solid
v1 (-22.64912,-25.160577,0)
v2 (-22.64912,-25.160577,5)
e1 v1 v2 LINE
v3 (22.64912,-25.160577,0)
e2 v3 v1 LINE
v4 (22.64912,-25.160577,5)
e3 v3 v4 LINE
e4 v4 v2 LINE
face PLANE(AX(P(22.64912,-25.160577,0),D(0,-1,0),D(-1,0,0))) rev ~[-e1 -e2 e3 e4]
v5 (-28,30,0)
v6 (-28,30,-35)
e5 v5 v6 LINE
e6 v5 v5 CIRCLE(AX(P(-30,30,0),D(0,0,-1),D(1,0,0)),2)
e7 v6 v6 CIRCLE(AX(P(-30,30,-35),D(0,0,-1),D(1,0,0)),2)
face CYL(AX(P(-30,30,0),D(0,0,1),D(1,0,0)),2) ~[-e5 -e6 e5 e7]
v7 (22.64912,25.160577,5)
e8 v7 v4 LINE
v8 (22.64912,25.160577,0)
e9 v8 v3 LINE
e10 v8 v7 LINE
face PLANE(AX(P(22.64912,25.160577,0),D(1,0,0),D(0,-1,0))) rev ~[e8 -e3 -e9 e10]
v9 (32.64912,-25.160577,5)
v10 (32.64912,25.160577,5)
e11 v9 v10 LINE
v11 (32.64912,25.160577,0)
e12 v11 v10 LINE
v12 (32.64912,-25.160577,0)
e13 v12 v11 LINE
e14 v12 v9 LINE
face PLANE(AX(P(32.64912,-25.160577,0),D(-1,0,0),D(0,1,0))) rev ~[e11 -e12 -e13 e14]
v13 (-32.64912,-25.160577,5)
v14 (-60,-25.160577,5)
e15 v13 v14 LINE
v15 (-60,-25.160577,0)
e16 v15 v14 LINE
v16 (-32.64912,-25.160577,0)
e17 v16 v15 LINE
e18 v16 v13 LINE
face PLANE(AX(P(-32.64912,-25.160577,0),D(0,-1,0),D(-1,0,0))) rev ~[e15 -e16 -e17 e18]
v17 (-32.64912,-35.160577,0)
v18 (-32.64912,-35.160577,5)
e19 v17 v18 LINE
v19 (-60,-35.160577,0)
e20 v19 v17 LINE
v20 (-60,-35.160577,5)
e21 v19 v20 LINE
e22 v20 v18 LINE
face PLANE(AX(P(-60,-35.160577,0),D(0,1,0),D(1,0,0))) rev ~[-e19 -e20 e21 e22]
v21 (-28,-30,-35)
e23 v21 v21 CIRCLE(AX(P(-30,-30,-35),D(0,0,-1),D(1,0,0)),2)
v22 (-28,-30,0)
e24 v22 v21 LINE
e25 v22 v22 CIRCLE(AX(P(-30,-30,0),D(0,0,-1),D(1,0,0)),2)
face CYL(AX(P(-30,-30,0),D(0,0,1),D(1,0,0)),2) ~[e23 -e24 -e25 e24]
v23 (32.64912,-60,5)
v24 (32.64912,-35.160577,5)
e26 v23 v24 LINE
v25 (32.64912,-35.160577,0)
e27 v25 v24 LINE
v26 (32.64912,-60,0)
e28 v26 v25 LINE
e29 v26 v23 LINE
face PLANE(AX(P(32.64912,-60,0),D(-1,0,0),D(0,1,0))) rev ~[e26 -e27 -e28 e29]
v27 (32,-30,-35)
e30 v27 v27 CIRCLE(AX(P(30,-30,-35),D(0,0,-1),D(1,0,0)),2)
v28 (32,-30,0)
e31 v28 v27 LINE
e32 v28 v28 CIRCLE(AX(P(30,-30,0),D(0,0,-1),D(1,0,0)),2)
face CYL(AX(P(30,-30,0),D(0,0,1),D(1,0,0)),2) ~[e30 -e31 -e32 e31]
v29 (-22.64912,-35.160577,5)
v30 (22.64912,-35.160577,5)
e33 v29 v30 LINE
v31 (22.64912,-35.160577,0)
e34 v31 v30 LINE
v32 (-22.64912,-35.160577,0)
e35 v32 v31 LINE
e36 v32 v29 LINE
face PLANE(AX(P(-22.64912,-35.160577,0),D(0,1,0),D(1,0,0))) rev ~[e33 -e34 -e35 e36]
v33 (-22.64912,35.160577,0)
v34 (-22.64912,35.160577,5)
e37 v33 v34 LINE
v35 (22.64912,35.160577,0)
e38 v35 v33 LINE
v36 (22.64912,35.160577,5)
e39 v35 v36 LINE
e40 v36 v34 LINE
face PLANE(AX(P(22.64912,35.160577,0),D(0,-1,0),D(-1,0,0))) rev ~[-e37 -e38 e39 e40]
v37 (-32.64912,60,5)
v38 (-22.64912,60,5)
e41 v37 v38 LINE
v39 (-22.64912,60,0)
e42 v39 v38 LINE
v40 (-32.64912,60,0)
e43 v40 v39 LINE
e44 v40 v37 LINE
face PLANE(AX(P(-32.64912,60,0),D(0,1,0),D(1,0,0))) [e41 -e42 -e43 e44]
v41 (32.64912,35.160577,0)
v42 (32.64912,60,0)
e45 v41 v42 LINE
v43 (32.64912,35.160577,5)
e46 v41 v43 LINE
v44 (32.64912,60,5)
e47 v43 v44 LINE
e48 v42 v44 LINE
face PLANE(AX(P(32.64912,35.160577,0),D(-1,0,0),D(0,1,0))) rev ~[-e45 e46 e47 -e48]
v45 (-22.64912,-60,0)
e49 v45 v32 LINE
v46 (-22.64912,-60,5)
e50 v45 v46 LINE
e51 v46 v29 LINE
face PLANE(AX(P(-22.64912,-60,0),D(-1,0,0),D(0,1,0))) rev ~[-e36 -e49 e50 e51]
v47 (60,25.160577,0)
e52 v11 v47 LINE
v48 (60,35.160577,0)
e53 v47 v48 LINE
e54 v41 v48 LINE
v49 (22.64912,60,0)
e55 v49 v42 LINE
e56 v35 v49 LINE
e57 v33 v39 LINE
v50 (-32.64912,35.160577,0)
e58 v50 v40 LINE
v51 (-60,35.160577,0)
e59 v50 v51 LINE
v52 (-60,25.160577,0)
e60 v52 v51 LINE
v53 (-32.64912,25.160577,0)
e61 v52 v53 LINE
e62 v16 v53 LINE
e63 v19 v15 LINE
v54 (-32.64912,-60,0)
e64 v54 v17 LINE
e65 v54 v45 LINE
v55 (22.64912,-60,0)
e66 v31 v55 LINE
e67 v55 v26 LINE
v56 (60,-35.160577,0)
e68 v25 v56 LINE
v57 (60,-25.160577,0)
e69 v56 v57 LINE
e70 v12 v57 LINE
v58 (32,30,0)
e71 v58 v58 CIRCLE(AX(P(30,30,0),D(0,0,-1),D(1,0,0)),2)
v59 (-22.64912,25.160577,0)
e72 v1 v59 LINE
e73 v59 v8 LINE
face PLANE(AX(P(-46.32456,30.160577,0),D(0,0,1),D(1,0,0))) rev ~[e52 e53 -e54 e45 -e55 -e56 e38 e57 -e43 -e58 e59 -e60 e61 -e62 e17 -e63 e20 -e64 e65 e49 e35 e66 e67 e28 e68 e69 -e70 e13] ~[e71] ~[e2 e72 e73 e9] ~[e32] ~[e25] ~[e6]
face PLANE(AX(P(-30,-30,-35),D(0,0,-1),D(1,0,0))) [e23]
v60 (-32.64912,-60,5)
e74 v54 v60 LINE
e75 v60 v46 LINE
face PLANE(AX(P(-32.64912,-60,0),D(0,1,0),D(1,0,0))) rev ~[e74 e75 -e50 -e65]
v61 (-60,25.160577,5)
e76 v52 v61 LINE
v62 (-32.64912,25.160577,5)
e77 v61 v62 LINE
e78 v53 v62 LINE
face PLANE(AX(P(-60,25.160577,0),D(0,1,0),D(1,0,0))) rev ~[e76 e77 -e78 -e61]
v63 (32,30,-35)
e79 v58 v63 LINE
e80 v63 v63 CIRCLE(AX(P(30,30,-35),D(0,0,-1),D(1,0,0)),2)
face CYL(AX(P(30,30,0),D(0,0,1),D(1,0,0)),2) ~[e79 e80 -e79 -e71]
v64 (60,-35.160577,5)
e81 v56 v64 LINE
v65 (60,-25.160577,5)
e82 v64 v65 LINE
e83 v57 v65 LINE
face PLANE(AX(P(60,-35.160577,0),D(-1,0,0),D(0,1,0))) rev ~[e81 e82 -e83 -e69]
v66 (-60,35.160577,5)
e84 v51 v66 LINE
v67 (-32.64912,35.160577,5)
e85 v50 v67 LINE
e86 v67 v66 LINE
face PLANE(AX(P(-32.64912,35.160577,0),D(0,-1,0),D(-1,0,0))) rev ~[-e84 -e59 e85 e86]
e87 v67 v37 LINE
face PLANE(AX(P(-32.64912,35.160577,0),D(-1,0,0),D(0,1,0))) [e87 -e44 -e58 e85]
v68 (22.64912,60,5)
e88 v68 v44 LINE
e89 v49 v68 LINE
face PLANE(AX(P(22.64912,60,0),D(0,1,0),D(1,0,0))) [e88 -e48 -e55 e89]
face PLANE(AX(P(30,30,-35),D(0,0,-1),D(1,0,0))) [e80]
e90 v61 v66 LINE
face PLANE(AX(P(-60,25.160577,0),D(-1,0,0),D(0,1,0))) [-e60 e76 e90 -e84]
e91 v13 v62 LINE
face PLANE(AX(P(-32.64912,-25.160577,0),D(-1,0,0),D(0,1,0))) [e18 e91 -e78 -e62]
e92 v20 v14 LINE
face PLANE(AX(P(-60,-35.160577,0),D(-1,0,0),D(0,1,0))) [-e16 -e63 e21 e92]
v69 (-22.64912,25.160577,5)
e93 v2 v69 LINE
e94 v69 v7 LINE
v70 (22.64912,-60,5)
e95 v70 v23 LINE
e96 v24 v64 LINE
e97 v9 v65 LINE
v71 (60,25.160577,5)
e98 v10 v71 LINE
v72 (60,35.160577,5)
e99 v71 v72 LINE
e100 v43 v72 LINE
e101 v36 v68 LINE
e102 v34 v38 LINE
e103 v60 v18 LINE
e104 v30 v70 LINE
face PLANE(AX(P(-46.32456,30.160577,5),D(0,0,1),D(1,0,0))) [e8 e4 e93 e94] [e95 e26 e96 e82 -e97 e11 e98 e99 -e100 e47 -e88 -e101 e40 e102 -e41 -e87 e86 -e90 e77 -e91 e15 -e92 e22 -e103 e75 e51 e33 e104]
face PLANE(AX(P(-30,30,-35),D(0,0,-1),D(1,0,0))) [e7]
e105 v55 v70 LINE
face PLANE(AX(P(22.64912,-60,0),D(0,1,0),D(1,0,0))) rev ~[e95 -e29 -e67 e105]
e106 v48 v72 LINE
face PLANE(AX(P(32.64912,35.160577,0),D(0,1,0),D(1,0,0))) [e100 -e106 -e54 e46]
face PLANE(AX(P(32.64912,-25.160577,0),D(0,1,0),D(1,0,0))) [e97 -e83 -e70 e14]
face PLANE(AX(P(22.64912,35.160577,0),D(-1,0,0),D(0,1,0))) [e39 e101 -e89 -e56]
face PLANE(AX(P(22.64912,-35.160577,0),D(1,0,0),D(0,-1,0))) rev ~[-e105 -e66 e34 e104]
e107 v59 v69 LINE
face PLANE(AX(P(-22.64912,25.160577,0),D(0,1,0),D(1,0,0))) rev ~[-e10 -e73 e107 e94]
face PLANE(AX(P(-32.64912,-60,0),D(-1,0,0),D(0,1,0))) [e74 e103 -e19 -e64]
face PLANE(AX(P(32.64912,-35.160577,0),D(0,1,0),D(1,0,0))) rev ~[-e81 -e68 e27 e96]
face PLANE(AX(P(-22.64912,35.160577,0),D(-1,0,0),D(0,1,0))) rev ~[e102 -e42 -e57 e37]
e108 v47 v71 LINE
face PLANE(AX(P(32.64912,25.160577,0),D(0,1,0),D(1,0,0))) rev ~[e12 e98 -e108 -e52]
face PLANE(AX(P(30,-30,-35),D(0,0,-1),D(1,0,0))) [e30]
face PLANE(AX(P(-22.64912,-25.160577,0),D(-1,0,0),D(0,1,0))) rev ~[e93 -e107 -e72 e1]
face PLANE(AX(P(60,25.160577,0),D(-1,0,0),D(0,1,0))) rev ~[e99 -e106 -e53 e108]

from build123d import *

# Parameters (mm, degrees)
F0_W     = 27.3508801786
F0_H     = 10
F0_W_2   = 10
F0_H_2   = 24.8394228371
F0_W_3   = 45.2982396428
F0_H_3   = 50.3211543259
F1_DEPTH = 5
F2_R     = 2
F3_DEPTH = 35


with BuildPart() as f1:
    # F0 (on Top) → F1 (new body)
    with BuildSketch(Plane.XY):
        with Locations((-46.3245599107, 30.1605771629)):
            Rectangle(F0_W, F0_H)
        with Locations((-27.6491198214, 30.1605771629)):
            Rectangle(F0_W_2, F0_H)
        with Locations((-27.6491198214, 47.5802885815)):
            Rectangle(F0_W_2, F0_H_2)
        with Locations((0, 30.1605771629)):
            Rectangle(F0_W_3, F0_H)
        with Locations((27.6491198214, 30.1605771629)):
            Rectangle(F0_W_2, F0_H)
        with Locations((27.6491198214, 47.5802885815)):
            Rectangle(F0_W_2, F0_H_2)
        with Locations((46.3245599107, 30.1605771629)):
            Rectangle(F0_W, F0_H)
        with Locations((27.6491198214, 0)):
            Rectangle(F0_W_2, F0_H_3)
        with Locations((27.6491198214, -30.1605771629)):
            Rectangle(F0_W_2, F0_H)
        with Locations((46.3245599107, -30.1605771629)):
            Rectangle(F0_W, F0_H)
        with Locations((27.6491198214, -47.5802885815)):
            Rectangle(F0_W_2, F0_H_2)
        with Locations((-27.6491198214, -30.1605771629)):
            Rectangle(F0_W_2, F0_H)
        with Locations((-46.3245599107, -30.1605771629)):
            Rectangle(F0_W, F0_H)
        with Locations((0, -30.1605771629)):
            Rectangle(F0_W_3, F0_H)
        with Locations((-27.6491198214, -47.5802885815)):
            Rectangle(F0_W_2, F0_H_2)
        with Locations((-27.6491198214, 0)):
            Rectangle(F0_W_2, F0_H_3)
    extrude(amount=F1_DEPTH)

    # F2 (on face) → F3 (join)
    with BuildSketch(Plane(origin=(0, 0, 0), x_dir=(1, 0, 0), z_dir=(0, 0, -1))):
        with Locations((-30, 30)):
            Circle(F2_R)
        with Locations((30, 30)):
            Circle(F2_R)
        with Locations((30, -30)):
            Circle(F2_R)
        with Locations((-30, -30)):
            Circle(F2_R)
    extrude(amount=F3_DEPTH)


solid = f1.part
